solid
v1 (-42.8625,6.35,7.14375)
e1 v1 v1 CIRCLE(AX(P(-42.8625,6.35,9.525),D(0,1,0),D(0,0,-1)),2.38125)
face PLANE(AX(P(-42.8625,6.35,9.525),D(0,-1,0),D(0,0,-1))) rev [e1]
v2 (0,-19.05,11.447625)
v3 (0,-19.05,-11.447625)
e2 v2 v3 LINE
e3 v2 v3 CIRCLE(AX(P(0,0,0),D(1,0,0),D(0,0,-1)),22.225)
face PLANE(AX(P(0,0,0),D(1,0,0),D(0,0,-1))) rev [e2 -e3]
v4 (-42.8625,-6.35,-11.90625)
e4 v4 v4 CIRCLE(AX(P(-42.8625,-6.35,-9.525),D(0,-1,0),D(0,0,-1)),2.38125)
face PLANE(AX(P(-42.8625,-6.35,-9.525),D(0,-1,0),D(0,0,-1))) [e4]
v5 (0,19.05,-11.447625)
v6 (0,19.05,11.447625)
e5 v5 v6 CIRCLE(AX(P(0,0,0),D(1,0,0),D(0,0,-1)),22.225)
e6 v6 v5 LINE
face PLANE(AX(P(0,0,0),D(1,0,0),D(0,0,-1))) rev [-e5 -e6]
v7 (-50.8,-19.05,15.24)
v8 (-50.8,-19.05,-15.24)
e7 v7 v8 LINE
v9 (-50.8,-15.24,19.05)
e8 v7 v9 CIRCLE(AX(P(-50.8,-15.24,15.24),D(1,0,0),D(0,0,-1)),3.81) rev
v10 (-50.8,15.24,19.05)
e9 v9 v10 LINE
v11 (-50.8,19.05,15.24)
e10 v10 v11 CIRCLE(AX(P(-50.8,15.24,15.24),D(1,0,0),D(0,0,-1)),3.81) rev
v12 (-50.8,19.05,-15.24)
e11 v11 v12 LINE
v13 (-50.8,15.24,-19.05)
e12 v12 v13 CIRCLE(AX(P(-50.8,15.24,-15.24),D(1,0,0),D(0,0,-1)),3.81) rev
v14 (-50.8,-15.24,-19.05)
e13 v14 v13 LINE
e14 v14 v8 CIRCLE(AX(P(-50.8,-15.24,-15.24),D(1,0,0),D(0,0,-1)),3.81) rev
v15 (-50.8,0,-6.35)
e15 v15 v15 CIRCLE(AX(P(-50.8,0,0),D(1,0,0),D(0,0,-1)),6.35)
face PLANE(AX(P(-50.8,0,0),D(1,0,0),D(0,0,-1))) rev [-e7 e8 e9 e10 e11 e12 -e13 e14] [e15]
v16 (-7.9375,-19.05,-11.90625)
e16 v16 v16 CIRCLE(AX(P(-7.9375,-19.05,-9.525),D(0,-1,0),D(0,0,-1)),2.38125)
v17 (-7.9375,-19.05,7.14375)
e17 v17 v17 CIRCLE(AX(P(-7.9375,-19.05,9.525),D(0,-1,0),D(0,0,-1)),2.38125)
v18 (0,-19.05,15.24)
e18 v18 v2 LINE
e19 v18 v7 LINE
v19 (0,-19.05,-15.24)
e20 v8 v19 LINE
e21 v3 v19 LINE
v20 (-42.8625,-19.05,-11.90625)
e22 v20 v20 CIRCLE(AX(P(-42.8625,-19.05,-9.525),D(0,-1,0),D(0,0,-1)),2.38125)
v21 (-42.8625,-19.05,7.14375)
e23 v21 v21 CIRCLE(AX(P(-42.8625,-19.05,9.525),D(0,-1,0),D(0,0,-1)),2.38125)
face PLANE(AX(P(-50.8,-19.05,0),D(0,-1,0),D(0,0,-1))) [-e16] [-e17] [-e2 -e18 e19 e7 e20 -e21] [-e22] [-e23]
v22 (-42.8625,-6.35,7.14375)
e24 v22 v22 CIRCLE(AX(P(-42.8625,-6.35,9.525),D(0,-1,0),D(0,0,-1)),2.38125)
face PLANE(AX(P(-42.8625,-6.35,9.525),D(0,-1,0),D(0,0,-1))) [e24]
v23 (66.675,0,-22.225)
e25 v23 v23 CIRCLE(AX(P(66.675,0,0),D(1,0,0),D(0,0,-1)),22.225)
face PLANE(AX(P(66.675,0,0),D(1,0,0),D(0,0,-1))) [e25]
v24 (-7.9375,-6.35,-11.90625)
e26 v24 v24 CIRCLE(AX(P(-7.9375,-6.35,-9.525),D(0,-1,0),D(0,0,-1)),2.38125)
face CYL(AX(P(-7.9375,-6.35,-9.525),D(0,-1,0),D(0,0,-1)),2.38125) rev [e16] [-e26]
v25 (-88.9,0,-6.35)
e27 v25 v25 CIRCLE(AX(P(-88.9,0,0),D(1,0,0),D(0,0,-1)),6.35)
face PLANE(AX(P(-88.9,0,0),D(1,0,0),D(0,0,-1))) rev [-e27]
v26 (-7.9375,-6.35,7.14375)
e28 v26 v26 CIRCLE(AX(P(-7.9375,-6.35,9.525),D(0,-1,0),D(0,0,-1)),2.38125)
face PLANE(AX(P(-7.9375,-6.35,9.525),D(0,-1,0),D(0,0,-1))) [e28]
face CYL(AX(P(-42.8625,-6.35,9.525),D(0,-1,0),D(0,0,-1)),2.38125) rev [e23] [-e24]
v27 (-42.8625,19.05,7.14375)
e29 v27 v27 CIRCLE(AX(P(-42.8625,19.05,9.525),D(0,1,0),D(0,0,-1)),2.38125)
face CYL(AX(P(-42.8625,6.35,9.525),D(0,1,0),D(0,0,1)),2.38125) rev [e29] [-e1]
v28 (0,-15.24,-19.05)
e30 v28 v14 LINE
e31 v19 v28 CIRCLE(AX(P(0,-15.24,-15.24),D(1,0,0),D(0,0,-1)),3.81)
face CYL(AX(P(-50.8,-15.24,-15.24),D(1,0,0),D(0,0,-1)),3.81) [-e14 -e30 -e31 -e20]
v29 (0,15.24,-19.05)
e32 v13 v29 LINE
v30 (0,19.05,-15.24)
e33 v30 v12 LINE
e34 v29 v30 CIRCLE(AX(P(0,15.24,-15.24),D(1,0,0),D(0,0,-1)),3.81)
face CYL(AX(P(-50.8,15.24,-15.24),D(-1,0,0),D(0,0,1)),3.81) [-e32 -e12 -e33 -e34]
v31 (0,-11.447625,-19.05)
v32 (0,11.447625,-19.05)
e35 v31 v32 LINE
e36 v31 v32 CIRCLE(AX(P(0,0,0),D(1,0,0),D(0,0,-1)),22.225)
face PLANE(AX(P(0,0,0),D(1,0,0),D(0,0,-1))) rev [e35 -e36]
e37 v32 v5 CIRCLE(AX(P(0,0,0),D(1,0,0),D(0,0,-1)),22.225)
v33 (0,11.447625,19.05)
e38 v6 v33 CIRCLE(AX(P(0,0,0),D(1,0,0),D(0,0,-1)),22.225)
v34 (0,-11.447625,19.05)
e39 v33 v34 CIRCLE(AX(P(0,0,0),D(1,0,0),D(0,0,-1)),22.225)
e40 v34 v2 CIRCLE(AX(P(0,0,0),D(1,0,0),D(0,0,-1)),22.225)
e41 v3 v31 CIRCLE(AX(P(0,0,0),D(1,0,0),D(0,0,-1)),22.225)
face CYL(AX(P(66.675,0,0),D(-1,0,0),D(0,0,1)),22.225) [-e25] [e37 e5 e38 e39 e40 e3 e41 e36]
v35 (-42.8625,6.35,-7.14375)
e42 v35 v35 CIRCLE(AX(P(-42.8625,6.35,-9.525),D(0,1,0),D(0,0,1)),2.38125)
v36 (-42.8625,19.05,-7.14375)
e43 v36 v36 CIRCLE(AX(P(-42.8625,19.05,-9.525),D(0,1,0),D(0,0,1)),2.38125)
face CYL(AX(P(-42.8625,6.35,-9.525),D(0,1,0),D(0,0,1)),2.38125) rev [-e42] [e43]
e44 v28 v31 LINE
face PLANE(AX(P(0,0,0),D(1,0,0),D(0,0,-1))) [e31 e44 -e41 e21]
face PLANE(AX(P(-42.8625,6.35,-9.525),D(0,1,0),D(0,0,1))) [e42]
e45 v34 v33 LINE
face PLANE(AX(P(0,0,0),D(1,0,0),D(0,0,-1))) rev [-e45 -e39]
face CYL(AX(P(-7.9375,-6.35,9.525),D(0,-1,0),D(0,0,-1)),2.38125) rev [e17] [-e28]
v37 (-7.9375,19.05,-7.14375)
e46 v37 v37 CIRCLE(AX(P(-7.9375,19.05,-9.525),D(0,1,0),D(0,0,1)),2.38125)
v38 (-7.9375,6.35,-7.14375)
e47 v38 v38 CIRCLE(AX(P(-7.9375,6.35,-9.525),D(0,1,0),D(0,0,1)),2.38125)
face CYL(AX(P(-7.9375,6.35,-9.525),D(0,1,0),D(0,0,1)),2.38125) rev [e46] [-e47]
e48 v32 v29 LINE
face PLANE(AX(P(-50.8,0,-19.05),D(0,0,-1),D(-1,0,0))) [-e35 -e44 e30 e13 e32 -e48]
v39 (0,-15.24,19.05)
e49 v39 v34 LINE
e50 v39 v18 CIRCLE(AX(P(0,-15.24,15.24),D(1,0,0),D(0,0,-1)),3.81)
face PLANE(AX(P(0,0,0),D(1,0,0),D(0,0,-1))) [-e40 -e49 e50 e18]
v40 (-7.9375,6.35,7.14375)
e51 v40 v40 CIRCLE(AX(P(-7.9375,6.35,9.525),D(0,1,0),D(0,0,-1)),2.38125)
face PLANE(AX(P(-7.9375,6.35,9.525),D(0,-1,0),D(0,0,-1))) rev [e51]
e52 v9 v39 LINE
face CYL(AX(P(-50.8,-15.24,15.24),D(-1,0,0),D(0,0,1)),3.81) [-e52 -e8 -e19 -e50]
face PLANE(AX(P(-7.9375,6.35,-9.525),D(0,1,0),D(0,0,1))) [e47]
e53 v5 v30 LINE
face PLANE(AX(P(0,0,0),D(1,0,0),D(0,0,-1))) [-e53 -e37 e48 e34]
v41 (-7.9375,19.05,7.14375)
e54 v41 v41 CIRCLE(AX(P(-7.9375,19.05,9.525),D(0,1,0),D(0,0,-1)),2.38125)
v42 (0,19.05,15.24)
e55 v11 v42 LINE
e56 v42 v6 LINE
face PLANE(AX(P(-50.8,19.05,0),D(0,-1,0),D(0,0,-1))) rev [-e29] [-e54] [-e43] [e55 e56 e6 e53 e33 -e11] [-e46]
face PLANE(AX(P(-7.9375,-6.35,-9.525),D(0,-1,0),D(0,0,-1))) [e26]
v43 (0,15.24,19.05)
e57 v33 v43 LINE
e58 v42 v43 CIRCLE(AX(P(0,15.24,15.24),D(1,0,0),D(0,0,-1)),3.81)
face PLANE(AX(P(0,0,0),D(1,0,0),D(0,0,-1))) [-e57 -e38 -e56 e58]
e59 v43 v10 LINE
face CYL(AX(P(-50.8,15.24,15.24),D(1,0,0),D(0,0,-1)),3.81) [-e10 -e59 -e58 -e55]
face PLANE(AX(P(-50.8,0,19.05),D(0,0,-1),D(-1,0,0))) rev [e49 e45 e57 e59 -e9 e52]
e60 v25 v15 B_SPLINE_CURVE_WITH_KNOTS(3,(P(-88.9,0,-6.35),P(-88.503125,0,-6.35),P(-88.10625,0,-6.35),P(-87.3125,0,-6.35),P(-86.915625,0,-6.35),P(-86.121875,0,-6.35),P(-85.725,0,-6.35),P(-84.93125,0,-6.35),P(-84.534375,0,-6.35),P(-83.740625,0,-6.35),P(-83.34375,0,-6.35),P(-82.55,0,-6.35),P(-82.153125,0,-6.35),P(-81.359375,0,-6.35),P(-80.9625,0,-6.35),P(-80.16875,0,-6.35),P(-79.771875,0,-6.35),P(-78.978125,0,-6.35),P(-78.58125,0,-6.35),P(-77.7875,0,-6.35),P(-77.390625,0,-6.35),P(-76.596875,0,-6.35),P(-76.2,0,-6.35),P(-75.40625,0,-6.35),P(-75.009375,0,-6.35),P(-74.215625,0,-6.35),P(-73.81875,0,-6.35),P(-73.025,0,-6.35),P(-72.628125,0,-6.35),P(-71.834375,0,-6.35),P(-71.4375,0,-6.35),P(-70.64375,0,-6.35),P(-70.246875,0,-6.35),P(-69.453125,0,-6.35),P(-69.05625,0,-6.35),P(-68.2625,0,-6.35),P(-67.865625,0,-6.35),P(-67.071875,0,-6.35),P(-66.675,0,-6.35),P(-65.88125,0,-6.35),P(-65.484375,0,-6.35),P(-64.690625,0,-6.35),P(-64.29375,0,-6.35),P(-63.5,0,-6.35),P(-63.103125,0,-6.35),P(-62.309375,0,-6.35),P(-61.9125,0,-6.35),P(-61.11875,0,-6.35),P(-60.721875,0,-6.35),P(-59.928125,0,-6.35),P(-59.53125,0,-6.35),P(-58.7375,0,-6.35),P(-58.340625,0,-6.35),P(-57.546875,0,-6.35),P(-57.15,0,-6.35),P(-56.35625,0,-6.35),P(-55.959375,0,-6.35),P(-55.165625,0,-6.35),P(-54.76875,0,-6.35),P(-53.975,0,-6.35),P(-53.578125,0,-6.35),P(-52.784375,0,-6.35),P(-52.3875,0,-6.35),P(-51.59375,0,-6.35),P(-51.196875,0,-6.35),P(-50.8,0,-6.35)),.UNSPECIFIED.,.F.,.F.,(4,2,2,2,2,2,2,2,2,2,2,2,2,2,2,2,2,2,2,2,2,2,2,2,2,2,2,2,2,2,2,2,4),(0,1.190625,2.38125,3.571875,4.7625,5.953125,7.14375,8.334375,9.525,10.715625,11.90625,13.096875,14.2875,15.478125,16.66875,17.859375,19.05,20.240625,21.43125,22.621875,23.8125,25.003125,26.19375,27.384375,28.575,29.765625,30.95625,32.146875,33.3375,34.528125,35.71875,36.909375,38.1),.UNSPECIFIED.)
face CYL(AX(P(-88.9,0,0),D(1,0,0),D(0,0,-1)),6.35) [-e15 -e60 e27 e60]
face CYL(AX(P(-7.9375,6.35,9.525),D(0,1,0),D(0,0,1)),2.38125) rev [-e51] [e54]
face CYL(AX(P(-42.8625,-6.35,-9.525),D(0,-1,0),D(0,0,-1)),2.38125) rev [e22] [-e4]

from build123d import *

# Parameters (mm, degrees)
SKETCH1_R           = 22.225
SKETCH1_R_2         = 6.35
BOSS_EXTRUDE1_DEPTH = 66.675
SKETCH1_3_W         = 38.1
SKETCH1_3_H         = 38.1
BOSS_EXTRUDE2_DEPTH = 50.8
BOSS_EXTRUDE3_START = -50.8
SKETCH1_4_R         = 6.35
BOSS_EXTRUDE3_DEPTH = 38.1
SKETCH2_R           = 2.38125
CUT_EXTRUDE1_DEPTH  = 12.7
CUT_EXTRUDE2_START  = -25.4
SKETCH2_2_R         = 2.38125
CUT_EXTRUDE2_DEPTH  = 12.7
FILLET1_R           = 3.81


with BuildPart() as part:
    # Sketch1 → Boss-Extrude1 (new body)
    with BuildSketch(Plane(origin=(0, 0, 0), x_dir=(0, 0, -1), z_dir=(1, 0, 0))):
        Circle(SKETCH1_R)
        Circle(SKETCH1_R_2)
        with BuildLine():
            ThreePointArc((11.4476253, 19.05), (0, 22.225), (-11.4476253, 19.05))
            Line((-11.4476253, 19.05), (11.4476253, 19.05))
        make_face()
        with BuildLine():
            Line((19.05, 11.4476253), (19.05, -11.4476253))
            ThreePointArc((19.05, -11.4476253), (21.416545882, -5.939881102), (22.225, 0))
            ThreePointArc((22.225, 0), (21.416545882, 5.939881102), (19.05, 11.4476253))
        make_face()
        with BuildLine():
            Line((11.4476253, -19.05), (-11.4476253, -19.05))
            ThreePointArc((-11.4476253, -19.05), (0, -22.225), (11.4476253, -19.05))
        make_face()
        with BuildLine():
            ThreePointArc((-19.05, 11.4476253), (-22.225, 0), (-19.05, -11.4476253))
            Line((-19.05, -11.4476253), (-19.05, 11.4476253))
        make_face()
    extrude(amount=BOSS_EXTRUDE1_DEPTH)

    # Sketch1<3> → Boss-Extrude2 (add)
    with BuildSketch(Plane(origin=(0, 0, 0), x_dir=(0, 0, -1), z_dir=(1, 0, 0))):
        Rectangle(SKETCH1_3_W, SKETCH1_3_H)
    extrude(amount=-BOSS_EXTRUDE2_DEPTH)

    # Sketch1<4> → Boss-Extrude3 (add)
    with BuildSketch(Plane(origin=(0, 0, 0), x_dir=(0, 0, -1), z_dir=(1, 0, 0)).offset(BOSS_EXTRUDE3_START)):
        Circle(SKETCH1_4_R)
    extrude(amount=-BOSS_EXTRUDE3_DEPTH)

    # Sketch2 → Cut-Extrude1 (cut)
    with BuildSketch(Plane(origin=(0, 19.05, 0), x_dir=(1, 0, 0), z_dir=(0, 1, 0))):
        with Locations(Location((-42.8625, 9.525, 0), (0, 0, 270))):
            Circle(SKETCH2_R)
        with Locations(Location((-7.9375, 9.525, 0), (0, 0, 270))):
            Circle(SKETCH2_R)
        with Locations(Location((-7.9375, -9.525, 0), (0, 0, 90))):
            Circle(SKETCH2_R)
        with Locations(Location((-42.8625, -9.525, 0), (0, 0, 90))):
            Circle(SKETCH2_R)
    extrude(amount=-CUT_EXTRUDE1_DEPTH, mode=Mode.SUBTRACT)

    # Sketch2<2> → Cut-Extrude2 (cut)
    with BuildSketch(Plane(origin=(0, 19.05, 0), x_dir=(1, 0, 0), z_dir=(0, 1, 0)).offset(CUT_EXTRUDE2_START)):
        with Locations(Location((-42.8625, 9.525, 0), (0, 0, 270))):
            Circle(SKETCH2_2_R)
        with Locations(Location((-7.9375, 9.525, 0), (0, 0, 270))):
            Circle(SKETCH2_2_R)
        with Locations(Location((-7.9375, -9.525, 0), (0, 0, 90))):
            Circle(SKETCH2_2_R)
        with Locations(Location((-42.8625, -9.525, 0), (0, 0, 90))):
            Circle(SKETCH2_2_R)
    extrude(amount=-CUT_EXTRUDE2_DEPTH, mode=Mode.SUBTRACT)

    # Fillet1
    fillet1_edges = [part.edges().sort_by_distance(p)[0] for p in [
        (-25.4, 19.05, 19.05),
        (-25.4, 19.05, -19.05),
        (-25.4, -19.05, -19.05),
        (-25.4, -19.05, 19.05),
    ]]
    fillet(fillet1_edges, radius=FILLET1_R)


solid = part.part
